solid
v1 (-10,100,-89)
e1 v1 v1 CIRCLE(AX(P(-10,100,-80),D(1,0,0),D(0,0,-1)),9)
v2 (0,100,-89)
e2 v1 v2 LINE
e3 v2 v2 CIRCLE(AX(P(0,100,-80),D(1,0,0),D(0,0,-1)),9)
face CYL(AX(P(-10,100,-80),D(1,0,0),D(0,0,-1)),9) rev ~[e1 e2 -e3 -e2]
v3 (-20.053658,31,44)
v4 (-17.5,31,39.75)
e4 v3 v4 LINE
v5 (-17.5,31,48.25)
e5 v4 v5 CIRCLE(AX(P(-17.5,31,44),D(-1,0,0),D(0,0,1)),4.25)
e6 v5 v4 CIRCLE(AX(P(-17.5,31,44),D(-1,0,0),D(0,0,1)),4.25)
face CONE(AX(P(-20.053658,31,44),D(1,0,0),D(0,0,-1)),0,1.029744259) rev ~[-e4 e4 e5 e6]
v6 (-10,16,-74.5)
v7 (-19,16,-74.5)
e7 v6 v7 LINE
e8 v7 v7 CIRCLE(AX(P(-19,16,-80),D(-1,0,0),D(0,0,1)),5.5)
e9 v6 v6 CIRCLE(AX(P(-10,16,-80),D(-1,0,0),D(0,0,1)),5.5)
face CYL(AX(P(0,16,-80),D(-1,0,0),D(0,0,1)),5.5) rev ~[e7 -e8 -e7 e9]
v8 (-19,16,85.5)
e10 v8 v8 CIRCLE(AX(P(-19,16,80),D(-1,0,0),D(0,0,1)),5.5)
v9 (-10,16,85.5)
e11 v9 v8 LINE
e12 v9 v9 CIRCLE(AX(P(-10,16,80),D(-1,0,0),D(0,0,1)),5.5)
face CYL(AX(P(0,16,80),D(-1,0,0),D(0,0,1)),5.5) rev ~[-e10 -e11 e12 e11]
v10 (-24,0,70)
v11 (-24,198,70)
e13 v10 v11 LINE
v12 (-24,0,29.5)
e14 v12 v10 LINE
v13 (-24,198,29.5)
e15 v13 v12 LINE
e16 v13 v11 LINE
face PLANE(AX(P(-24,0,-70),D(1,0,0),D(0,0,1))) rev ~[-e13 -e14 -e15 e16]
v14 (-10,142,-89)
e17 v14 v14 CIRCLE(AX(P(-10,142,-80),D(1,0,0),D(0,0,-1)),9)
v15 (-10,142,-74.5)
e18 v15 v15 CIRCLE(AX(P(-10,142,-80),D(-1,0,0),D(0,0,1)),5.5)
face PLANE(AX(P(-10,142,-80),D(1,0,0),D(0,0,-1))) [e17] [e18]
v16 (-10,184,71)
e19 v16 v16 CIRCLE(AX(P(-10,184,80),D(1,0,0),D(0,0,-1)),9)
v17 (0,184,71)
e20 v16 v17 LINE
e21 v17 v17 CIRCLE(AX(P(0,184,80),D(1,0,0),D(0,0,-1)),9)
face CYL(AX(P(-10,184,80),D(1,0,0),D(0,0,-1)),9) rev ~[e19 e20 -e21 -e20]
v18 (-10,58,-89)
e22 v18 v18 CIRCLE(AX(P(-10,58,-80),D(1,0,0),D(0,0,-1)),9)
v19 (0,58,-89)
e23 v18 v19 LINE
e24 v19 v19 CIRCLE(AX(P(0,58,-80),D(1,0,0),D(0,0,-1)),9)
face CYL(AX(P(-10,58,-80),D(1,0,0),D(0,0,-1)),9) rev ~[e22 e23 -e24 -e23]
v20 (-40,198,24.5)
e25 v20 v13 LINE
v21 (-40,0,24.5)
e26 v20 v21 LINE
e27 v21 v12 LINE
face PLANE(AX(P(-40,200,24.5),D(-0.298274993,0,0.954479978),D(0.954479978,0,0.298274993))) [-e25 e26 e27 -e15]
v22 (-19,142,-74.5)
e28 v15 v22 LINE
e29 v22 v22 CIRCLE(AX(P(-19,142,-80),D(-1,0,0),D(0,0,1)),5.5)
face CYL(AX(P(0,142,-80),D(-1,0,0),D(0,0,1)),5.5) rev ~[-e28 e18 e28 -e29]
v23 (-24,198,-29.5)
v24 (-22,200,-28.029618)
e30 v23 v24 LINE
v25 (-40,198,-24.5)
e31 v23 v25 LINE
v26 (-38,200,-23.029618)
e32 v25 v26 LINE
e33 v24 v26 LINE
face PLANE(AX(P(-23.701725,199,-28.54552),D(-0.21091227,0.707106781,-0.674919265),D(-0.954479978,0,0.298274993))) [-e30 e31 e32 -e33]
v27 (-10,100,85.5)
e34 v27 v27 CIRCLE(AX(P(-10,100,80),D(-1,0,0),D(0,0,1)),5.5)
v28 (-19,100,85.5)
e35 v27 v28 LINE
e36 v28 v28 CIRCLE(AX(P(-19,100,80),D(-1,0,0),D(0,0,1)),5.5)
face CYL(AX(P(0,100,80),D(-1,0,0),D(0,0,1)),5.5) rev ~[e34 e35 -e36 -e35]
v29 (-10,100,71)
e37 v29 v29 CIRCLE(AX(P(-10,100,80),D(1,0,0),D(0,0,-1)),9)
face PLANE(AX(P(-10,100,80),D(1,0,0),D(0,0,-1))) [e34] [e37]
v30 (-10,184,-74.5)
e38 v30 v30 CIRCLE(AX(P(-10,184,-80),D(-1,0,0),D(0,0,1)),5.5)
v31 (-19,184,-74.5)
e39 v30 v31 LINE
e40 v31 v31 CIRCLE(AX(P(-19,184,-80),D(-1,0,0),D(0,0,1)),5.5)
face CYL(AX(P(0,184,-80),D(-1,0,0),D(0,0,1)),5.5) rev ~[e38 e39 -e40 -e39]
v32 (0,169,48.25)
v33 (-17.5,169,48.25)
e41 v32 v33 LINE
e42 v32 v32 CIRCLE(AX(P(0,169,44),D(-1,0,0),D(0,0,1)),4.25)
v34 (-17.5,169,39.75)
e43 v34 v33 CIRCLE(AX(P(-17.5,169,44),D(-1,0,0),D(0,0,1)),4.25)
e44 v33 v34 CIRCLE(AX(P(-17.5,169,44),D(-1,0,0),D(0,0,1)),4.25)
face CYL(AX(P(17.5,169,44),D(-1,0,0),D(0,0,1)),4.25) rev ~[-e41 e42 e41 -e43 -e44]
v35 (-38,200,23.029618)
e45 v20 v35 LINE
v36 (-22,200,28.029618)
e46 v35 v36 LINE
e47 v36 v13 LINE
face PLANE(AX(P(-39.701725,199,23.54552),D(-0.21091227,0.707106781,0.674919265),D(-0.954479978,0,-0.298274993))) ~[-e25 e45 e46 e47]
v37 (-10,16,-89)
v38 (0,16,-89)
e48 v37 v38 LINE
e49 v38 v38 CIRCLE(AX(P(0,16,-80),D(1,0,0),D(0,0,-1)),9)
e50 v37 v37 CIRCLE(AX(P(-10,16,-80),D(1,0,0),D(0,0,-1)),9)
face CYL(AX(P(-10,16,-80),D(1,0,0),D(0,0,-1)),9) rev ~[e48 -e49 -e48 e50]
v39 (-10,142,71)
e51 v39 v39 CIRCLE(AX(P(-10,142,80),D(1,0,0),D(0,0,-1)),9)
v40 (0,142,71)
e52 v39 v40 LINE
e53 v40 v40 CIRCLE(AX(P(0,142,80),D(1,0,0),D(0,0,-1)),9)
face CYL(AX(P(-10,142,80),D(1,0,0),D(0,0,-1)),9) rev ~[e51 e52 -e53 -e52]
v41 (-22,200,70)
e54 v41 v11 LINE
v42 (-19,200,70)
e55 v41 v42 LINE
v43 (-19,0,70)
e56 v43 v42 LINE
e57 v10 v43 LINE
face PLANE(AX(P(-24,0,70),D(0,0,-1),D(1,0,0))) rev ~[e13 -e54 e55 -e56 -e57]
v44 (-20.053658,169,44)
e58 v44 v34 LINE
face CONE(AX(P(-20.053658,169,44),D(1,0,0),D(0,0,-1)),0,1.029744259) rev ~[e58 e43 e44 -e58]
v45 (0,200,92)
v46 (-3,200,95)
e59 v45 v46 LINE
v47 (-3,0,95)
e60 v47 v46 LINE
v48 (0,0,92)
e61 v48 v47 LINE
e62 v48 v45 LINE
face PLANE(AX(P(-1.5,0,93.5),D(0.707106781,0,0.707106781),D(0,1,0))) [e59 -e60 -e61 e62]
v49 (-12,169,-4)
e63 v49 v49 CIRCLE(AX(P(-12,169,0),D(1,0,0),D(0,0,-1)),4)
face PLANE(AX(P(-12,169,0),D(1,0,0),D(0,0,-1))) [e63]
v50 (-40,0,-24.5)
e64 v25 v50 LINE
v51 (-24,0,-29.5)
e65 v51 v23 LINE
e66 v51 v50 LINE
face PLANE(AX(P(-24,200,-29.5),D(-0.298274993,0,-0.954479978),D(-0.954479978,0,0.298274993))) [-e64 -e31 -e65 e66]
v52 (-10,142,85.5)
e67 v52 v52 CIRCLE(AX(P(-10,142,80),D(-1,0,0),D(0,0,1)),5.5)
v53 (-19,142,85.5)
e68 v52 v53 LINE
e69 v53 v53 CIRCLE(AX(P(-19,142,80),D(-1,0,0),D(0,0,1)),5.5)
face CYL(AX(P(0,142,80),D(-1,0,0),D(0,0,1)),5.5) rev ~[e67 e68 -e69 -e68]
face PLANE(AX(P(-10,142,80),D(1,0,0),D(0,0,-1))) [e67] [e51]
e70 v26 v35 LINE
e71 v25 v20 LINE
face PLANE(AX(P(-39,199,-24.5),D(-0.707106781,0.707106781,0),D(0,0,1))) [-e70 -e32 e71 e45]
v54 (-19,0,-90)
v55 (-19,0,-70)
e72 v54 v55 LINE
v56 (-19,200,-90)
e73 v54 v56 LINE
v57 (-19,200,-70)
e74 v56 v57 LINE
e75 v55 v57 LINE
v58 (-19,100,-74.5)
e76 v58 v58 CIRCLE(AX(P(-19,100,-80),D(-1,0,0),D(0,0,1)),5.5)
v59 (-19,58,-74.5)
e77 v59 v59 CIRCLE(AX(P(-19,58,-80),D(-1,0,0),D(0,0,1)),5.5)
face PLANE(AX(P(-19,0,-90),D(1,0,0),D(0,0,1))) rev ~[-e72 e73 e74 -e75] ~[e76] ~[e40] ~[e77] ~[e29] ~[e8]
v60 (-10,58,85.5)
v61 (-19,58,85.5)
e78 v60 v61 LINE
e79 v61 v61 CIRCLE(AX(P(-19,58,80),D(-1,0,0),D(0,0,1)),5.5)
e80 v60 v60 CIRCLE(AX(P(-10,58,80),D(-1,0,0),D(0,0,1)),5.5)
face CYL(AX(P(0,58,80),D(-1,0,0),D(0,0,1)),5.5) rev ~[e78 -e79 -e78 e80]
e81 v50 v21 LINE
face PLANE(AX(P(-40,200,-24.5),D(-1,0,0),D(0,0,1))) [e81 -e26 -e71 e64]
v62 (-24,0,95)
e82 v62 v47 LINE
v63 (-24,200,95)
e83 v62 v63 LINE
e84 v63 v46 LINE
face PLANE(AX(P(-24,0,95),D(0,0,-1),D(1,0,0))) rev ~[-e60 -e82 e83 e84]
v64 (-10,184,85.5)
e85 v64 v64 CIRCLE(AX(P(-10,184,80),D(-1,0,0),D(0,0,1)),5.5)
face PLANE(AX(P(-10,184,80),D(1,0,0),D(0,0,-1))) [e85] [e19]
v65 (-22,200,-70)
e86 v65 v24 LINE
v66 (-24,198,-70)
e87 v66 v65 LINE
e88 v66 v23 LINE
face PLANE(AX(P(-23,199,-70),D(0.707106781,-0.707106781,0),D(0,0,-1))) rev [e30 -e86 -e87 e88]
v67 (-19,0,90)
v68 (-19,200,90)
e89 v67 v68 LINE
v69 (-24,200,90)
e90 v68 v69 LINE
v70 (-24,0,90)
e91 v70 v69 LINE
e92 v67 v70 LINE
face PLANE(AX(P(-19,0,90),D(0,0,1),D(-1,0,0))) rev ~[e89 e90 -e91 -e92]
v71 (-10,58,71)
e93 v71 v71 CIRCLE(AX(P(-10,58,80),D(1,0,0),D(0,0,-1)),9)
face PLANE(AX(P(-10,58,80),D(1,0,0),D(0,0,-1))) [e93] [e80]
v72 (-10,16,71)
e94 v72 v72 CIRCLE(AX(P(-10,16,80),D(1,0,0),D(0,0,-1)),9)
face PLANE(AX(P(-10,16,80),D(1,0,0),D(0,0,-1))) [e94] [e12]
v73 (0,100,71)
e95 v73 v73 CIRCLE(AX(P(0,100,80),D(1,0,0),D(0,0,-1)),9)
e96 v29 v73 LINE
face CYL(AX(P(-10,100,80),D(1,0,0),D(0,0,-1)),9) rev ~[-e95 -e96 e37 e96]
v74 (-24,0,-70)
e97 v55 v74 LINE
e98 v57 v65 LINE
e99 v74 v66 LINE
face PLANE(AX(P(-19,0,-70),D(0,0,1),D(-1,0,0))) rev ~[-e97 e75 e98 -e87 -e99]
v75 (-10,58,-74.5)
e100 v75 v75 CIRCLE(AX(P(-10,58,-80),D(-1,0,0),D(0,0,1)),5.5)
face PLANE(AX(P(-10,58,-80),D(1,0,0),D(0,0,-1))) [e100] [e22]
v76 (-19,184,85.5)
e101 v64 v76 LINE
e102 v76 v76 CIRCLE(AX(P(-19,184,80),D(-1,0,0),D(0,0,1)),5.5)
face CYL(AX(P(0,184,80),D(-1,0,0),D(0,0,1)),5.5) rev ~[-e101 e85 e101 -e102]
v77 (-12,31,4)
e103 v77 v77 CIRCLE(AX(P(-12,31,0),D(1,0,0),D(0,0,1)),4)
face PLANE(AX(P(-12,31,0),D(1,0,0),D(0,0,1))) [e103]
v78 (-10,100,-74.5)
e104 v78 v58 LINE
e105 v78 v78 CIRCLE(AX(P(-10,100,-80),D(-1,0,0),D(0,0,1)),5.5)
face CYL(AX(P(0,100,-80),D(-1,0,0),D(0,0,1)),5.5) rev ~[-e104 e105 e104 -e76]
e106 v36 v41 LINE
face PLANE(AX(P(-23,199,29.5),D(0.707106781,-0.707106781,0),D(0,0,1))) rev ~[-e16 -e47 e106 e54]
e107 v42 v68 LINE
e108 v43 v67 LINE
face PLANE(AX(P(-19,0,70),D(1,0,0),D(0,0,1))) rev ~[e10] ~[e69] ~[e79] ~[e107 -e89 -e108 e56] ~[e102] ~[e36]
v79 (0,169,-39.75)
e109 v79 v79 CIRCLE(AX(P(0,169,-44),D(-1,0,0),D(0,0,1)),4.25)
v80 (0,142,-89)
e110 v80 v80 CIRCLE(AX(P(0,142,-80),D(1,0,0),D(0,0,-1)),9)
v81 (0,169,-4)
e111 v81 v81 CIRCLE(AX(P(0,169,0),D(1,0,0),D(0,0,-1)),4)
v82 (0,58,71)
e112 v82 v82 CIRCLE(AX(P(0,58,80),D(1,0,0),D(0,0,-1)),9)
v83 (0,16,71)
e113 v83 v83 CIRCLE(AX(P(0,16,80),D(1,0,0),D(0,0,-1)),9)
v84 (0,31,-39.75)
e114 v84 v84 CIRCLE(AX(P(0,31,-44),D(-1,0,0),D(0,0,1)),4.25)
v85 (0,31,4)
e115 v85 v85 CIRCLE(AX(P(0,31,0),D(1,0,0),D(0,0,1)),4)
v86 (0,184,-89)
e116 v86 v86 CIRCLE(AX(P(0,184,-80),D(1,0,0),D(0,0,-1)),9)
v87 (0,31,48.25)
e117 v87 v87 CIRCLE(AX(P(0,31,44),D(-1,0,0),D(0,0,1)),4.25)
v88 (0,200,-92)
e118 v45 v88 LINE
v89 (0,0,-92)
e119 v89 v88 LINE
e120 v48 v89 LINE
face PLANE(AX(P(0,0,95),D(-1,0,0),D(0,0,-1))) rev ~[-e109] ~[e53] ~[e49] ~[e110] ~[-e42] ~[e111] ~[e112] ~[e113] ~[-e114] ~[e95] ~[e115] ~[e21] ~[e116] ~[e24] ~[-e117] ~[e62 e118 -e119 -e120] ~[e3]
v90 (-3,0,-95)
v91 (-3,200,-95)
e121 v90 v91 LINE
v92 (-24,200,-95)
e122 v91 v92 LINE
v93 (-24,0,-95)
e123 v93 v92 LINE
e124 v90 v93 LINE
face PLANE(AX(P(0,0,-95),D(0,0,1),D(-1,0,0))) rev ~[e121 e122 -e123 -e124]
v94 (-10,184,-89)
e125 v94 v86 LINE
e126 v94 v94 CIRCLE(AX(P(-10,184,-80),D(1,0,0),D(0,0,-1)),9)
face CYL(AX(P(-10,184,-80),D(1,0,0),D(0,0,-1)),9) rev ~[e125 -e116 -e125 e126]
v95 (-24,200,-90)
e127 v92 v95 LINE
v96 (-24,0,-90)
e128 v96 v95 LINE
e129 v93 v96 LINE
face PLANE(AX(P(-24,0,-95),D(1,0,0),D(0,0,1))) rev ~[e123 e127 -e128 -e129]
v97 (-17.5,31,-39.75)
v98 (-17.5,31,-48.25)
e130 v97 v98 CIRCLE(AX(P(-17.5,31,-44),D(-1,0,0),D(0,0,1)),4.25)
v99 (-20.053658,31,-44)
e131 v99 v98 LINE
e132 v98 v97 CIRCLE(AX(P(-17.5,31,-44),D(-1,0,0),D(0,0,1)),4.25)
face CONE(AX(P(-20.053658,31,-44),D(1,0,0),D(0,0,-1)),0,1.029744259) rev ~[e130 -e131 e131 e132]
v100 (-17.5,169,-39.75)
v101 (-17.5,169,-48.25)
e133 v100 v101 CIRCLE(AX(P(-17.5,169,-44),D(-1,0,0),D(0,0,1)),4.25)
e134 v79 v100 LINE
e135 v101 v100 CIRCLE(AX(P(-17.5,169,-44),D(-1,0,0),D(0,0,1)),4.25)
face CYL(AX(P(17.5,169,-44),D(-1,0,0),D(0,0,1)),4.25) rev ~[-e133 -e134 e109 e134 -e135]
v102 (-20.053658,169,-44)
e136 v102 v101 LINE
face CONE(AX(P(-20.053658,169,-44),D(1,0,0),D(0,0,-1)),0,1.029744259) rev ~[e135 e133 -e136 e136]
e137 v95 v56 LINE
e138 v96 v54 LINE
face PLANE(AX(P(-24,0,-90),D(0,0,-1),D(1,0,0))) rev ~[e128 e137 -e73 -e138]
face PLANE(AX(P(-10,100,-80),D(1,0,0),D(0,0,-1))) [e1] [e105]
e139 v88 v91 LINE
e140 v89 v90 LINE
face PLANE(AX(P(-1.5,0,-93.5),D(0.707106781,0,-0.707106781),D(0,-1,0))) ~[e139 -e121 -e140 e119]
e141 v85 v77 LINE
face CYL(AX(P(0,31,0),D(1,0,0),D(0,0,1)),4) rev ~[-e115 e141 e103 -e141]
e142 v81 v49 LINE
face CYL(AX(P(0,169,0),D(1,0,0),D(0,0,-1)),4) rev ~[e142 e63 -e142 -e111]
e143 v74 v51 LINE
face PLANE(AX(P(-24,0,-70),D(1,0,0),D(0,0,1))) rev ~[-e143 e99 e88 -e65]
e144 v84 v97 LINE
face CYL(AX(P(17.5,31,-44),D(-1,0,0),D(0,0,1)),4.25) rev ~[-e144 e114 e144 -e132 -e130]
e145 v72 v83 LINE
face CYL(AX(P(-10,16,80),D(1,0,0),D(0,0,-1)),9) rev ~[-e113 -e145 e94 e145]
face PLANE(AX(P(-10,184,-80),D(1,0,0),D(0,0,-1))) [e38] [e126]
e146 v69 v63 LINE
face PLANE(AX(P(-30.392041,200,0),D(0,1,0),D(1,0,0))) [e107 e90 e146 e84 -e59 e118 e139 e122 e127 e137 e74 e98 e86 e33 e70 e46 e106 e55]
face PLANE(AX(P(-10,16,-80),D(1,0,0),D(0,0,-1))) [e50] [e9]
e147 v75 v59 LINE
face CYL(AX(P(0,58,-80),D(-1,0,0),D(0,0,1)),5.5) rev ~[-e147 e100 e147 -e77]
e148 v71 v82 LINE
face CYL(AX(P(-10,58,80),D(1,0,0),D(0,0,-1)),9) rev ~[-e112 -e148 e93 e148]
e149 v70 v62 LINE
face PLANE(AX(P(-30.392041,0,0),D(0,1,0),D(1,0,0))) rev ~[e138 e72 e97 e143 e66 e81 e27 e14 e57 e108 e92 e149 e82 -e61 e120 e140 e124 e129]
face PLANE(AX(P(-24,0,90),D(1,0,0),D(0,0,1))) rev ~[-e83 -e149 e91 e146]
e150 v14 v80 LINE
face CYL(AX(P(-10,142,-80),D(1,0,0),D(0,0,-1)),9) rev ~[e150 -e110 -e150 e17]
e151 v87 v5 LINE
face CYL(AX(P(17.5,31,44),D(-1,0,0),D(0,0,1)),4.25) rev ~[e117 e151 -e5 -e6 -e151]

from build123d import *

# Parameters (mm, degrees)
ESTRUSIONE1_DEPTH                                    = 200
M10_LAMATURA_PER_VITE_A_COPERTURA_CILIND_D           = 11
M10_LAMATURA_PER_VITE_A_COPERTURA_CILIND_CBORE_D     = 18
M10_LAMATURA_PER_VITE_A_COPERTURA_CILIND_CBORE_DEPTH = 10
RIPETIZIONE_A_L1_COUNT                               = 5
RIPETIZIONE_A_L1_PITCH                               = 42
RIPETIZIONE_A_L1_COUNT_DIR2                          = 2
RIPETIZIONE_A_L1_PITCH_DIR2                          = 160
SMUSSO1_SIZE                                         = 3
ESTRUSIONE2_DEPTH                                    = 223.712819568
M10_TAPPED_HOLE1_D                                   = 8.5
M10_TAPPED_HOLE1_DEPTH                               = 17.5
M10_TAPPED_HOLE1_TIP                                 = 2.553657631
SCHIZZO10_R                                          = 4
ESTRUSIONE3_DEPTH                                    = 12
ESTRUSIONE5_DEPTH                                    = 200
SMUSSO2_SIZE                                         = 2


with BuildPart() as part:
    # Schizzo1 → Estrusione1 (new body)
    with BuildSketch(Plane(origin=(0, 0, 0), x_dir=(1, 0, 0), z_dir=(0, 1, 0))):
        Polygon((0, -95), (0, 95), (-24, 95), (-24, 90), (-19, 90), (-19, 70), (-24, 70), (-24, -70), (-19, -70), (-19, -90), (-24, -90), (-24, -95), align=None)
    extrude(amount=ESTRUSIONE1_DEPTH)

    # M10 Lamatura per vite a copertura cilind (through all)
    with Locations(Plane(origin=(0, 0, 0), x_dir=(0, 0, -1), z_dir=(1, 0, 0))):
        with Locations((-80, 184)):
            m10_lamatura_per_vite_a_copertura_cilind = CounterBoreHole(M10_LAMATURA_PER_VITE_A_COPERTURA_CILIND_D / 2, M10_LAMATURA_PER_VITE_A_COPERTURA_CILIND_CBORE_D / 2, M10_LAMATURA_PER_VITE_A_COPERTURA_CILIND_CBORE_DEPTH)

    # Ripetizione a L1: M10 Lamatura per vite a copertura cilind 5 × 2
    with Locations(*[(0, -i * RIPETIZIONE_A_L1_PITCH, -j * RIPETIZIONE_A_L1_PITCH_DIR2) for i in range(RIPETIZIONE_A_L1_COUNT) for j in range(RIPETIZIONE_A_L1_COUNT_DIR2) if (i, j) != (0, 0)]):
        add(m10_lamatura_per_vite_a_copertura_cilind, mode=Mode.SUBTRACT)

    # Smusso1
    smusso1_edges = [part.edges().sort_by_distance(p)[0] for p in [
        (0, 100, -95),
        (0, 100, 95),
    ]]
    chamfer(smusso1_edges, length=SMUSSO1_SIZE)

    # Schizzo4 → Estrusione2 (cut, through all)
    with BuildSketch(Plane(origin=(0, 200, 0), x_dir=(1, 0, 0), z_dir=(0, 1, 0))):
        Polygon((-22, -29.5), (-22, 29.5), (-31.824658815, 29.5), (-31.824658815, 0), (-31.824658815, -29.5), align=None)
    extrude(amount=-ESTRUSIONE2_DEPTH, mode=Mode.SUBTRACT)

    # M10 Tapped Hole1
    with Locations(Plane(origin=(0, 0, 0), x_dir=(0, 0, -1), z_dir=(1, 0, 0))):
        with Locations((-44, 169), (44, 169), (44, 31), (-44, 31)):
            Hole(M10_TAPPED_HOLE1_D / 2, depth=M10_TAPPED_HOLE1_DEPTH)
            with Locations((0, 0, -(M10_TAPPED_HOLE1_DEPTH + M10_TAPPED_HOLE1_TIP / 2))):  # 118° drill point
                Cone(0, M10_TAPPED_HOLE1_D / 2, M10_TAPPED_HOLE1_TIP, mode=Mode.SUBTRACT)

    # Schizzo10 → Estrusione3 (cut)
    with BuildSketch(Plane(origin=(0, 0, 0), x_dir=(0, 0, -1), z_dir=(1, 0, 0))):
        with Locations((0, 169)):
            Circle(SCHIZZO10_R)
        with Locations(Location((0, 31, 0), (0, 0, 180))):
            Circle(SCHIZZO10_R)
    extrude(amount=-ESTRUSIONE3_DEPTH, mode=Mode.SUBTRACT)

    # Schizzo12 → Estrusione5 (add)
    with BuildSketch(Plane(origin=(0, 200, 0), x_dir=(1, 0, 0), z_dir=(0, 1, 0))):
        Polygon((-24, 29.5), (-40, 24.5), (-40, -24.5), (-24, -29.5), (-22, -29.5), (-22, 29.5), align=None)
    extrude(amount=-ESTRUSIONE5_DEPTH)

    # Smusso2
    smusso2_edges = [part.edges().sort_by_distance(p)[0] for p in [
        (-24, 200, 49.75),
        (-32, 200, -27),
        (-40, 200, 0),
        (-32, 200, 27),
        (-24, 200, -49.75),
    ]]
    chamfer(smusso2_edges, length=SMUSSO2_SIZE)


solid = part.part
